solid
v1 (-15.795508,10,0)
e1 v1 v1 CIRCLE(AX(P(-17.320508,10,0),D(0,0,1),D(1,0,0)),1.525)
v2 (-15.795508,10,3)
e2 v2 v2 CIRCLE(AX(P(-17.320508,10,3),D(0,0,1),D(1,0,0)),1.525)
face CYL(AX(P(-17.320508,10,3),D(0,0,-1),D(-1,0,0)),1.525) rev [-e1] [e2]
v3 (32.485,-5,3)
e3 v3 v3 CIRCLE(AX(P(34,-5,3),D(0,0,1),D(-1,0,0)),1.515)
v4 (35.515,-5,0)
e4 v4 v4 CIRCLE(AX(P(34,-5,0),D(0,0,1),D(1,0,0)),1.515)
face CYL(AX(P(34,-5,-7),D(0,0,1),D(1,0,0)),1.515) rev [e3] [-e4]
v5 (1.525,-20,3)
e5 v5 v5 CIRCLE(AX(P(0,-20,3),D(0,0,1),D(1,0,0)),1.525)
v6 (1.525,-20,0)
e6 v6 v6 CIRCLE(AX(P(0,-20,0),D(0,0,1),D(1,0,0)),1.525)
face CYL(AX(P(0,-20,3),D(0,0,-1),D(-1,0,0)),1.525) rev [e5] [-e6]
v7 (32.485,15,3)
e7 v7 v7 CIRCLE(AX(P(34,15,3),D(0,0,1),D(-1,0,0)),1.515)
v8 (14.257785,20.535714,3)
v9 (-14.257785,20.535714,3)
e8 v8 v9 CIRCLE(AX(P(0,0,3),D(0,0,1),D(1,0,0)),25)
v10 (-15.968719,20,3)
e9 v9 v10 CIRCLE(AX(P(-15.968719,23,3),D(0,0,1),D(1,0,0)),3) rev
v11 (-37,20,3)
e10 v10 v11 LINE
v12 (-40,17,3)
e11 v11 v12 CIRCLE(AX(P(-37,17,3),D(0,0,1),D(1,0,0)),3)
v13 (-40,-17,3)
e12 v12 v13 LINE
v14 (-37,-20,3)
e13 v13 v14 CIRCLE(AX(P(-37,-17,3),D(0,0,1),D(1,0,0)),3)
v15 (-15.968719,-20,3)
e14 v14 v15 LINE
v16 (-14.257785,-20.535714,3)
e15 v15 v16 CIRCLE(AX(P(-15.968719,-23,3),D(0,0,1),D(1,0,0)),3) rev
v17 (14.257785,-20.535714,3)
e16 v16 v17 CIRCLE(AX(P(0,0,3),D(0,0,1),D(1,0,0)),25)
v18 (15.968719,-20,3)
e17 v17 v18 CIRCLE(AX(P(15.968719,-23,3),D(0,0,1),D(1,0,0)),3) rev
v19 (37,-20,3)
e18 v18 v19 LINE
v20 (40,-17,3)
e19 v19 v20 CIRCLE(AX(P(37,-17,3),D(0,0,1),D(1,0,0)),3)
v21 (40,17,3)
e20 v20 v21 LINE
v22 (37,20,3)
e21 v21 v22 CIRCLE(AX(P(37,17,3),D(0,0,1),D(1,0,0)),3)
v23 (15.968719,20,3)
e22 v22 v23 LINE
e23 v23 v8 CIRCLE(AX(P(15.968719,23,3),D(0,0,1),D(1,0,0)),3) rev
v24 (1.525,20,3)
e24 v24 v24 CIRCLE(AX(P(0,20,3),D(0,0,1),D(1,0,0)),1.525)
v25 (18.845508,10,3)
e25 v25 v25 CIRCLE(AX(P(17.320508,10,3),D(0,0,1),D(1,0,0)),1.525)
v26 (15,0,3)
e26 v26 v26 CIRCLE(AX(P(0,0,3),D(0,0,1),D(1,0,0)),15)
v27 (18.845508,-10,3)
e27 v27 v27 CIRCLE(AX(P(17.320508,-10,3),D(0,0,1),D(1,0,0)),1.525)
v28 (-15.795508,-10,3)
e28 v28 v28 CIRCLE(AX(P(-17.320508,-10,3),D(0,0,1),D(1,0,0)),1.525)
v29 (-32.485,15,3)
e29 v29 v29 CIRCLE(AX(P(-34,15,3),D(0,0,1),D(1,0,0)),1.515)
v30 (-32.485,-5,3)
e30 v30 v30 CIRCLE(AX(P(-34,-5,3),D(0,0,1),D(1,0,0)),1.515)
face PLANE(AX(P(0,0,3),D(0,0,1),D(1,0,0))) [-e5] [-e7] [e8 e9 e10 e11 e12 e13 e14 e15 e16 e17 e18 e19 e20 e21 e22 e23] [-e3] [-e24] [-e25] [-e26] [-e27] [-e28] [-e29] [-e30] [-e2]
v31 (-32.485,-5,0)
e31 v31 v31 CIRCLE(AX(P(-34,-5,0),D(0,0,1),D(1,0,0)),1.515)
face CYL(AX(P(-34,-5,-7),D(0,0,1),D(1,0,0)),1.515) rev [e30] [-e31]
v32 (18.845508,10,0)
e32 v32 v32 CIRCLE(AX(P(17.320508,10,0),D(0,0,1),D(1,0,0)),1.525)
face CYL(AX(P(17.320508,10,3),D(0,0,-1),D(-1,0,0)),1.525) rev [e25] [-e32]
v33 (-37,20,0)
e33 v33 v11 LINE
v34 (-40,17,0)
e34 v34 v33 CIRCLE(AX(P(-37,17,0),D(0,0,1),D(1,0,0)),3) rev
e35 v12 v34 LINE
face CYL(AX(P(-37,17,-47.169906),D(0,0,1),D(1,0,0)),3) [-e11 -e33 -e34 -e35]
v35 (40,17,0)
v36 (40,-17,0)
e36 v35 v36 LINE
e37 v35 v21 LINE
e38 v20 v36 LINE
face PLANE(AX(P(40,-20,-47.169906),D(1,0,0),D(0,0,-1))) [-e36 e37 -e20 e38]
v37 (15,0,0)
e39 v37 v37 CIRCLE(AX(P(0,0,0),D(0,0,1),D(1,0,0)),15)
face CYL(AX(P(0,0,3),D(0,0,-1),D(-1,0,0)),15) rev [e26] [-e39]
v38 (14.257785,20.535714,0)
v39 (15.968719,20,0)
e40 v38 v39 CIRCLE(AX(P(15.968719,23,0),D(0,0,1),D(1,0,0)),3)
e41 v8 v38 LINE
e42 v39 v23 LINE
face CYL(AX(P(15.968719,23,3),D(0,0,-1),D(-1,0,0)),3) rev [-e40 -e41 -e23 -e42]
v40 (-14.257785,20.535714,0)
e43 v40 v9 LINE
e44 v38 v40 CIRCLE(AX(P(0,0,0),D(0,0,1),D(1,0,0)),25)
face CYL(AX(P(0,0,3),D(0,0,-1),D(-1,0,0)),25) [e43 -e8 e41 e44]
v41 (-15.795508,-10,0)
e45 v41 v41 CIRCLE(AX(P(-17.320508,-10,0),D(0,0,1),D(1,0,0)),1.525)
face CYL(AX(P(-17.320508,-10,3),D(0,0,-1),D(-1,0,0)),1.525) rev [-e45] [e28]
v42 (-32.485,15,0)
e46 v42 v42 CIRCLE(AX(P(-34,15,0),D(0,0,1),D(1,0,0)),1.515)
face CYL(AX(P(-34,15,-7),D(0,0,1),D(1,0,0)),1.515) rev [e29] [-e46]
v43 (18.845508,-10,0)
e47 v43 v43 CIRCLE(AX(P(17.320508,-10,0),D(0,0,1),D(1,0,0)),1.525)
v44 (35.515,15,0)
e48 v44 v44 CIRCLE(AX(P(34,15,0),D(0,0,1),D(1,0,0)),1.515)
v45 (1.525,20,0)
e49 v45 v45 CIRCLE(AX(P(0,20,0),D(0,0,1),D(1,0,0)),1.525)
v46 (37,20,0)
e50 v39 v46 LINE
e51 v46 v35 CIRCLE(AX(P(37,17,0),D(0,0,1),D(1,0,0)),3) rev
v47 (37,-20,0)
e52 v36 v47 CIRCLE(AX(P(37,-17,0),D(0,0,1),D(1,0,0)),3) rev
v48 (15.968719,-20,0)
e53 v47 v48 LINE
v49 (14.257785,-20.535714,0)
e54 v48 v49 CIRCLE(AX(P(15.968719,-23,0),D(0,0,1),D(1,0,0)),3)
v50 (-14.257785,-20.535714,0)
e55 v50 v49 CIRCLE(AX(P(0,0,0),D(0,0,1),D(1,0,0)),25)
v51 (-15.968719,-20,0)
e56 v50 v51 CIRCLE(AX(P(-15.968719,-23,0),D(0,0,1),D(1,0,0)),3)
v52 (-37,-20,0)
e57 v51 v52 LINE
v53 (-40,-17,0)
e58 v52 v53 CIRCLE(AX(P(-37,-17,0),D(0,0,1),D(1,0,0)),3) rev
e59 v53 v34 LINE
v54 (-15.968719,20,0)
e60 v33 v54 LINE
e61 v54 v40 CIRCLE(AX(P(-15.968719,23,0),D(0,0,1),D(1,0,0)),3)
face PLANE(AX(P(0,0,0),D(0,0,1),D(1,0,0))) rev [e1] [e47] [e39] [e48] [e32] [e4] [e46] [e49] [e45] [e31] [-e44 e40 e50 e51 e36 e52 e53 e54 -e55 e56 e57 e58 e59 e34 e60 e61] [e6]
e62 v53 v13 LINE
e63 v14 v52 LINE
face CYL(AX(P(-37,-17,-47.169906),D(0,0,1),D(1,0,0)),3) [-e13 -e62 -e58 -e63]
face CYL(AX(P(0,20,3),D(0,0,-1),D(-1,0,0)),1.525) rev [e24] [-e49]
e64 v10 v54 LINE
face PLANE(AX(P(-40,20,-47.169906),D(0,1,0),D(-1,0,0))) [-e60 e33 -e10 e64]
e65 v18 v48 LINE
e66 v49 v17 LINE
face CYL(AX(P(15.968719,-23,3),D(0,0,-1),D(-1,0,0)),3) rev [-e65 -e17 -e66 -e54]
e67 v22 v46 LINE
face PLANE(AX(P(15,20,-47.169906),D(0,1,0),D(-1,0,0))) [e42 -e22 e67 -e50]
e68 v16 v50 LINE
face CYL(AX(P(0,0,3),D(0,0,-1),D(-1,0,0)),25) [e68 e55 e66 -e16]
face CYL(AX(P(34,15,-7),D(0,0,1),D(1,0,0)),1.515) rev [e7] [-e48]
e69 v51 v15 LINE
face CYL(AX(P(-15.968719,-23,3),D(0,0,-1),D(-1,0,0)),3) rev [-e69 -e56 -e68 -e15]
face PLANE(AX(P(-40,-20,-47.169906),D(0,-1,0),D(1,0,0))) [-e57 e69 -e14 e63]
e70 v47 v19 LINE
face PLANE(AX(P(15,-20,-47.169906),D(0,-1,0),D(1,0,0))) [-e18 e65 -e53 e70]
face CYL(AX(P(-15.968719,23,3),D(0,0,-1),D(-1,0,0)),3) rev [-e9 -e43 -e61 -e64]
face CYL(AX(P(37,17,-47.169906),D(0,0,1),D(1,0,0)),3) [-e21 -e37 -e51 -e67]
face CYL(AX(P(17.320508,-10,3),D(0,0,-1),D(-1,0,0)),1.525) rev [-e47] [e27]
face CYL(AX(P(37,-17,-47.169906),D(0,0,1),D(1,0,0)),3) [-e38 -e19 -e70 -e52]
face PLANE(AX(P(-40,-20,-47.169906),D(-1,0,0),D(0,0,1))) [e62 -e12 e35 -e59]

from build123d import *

# Parameters (mm, degrees)
SKETCH_1_R          = 25
SKETCH_1_R_2        = 1.525
SKETCH_1_R_3        = 15
EXTRUDE_1_DEPTH     = 3
EXTRUDE_START       = -3
EXTRUDE_2_DEPTH     = 3
FILLET_1_R          = 3
SKETCH_4_R          = 1.515
CUT_EXTRUDE_1_DEPTH = 10


with BuildPart() as part:
    # 草图1 → 凸台-拉伸1 (new body)
    with BuildSketch(Plane.XY):
        Circle(SKETCH_1_R)
        with Locations((0, 20)):
            Circle(SKETCH_1_R_2, mode=Mode.SUBTRACT)
        with Locations((17.320508076, 10)):
            Circle(SKETCH_1_R_2, mode=Mode.SUBTRACT)
        with Locations((17.320508076, -10)):
            Circle(SKETCH_1_R_2, mode=Mode.SUBTRACT)
        with Locations((0, -20)):
            Circle(SKETCH_1_R_2, mode=Mode.SUBTRACT)
        with Locations((-17.320508076, -10)):
            Circle(SKETCH_1_R_2, mode=Mode.SUBTRACT)
        with Locations((-17.320508076, 10)):
            Circle(SKETCH_1_R_2, mode=Mode.SUBTRACT)
        Circle(SKETCH_1_R_3, mode=Mode.SUBTRACT)
    extrude(amount=EXTRUDE_1_DEPTH)

    # 草图3 → 凸台-拉伸2 (add)
    with BuildSketch(Plane.XY.offset(3).offset(EXTRUDE_START)):
        with BuildLine():
            Line((15, 20), (40, 20))
            Line((40, 20), (40, -20))
            Line((40, -20), (15, -20))
            ThreePointArc((15, -20), (25, 0), (15, 20))
        make_face()
        with BuildLine():
            Line((-40, -20), (-15, -20))
            ThreePointArc((-15, -20), (-25, 0), (-15, 20))
            Line((-15, 20), (-40, 20))
            Line((-40, 20), (-40, -20))
        make_face()
    extrude(amount=EXTRUDE_2_DEPTH)

    # 圆角1
    fillet_1_edges = [part.edges().sort_by_distance(p)[0] for p in [
        (40, 20, 1.5),
        (40, -20, 1.5),
        (15, -20, 1.5),
        (15, 20, 1.5),
        (-40, -20, 1.5),
        (-40, 20, 1.5),
        (-15, 20, 1.5),
        (-15, -20, 1.5),
    ]]
    fillet(fillet_1_edges, radius=FILLET_1_R)

    # 草图4 → 切除-拉伸1 (cut)
    with BuildSketch(Plane.XY.offset(3)):
        with Locations((-34, 15)):
            Circle(SKETCH_4_R)
        with Locations((-34, -5)):
            Circle(SKETCH_4_R)
        with Locations((34, -5)):
            Circle(SKETCH_4_R)
        with Locations((34, 15)):
            Circle(SKETCH_4_R)
    extrude(amount=-CUT_EXTRUDE_1_DEPTH, mode=Mode.SUBTRACT)


solid = part.part
